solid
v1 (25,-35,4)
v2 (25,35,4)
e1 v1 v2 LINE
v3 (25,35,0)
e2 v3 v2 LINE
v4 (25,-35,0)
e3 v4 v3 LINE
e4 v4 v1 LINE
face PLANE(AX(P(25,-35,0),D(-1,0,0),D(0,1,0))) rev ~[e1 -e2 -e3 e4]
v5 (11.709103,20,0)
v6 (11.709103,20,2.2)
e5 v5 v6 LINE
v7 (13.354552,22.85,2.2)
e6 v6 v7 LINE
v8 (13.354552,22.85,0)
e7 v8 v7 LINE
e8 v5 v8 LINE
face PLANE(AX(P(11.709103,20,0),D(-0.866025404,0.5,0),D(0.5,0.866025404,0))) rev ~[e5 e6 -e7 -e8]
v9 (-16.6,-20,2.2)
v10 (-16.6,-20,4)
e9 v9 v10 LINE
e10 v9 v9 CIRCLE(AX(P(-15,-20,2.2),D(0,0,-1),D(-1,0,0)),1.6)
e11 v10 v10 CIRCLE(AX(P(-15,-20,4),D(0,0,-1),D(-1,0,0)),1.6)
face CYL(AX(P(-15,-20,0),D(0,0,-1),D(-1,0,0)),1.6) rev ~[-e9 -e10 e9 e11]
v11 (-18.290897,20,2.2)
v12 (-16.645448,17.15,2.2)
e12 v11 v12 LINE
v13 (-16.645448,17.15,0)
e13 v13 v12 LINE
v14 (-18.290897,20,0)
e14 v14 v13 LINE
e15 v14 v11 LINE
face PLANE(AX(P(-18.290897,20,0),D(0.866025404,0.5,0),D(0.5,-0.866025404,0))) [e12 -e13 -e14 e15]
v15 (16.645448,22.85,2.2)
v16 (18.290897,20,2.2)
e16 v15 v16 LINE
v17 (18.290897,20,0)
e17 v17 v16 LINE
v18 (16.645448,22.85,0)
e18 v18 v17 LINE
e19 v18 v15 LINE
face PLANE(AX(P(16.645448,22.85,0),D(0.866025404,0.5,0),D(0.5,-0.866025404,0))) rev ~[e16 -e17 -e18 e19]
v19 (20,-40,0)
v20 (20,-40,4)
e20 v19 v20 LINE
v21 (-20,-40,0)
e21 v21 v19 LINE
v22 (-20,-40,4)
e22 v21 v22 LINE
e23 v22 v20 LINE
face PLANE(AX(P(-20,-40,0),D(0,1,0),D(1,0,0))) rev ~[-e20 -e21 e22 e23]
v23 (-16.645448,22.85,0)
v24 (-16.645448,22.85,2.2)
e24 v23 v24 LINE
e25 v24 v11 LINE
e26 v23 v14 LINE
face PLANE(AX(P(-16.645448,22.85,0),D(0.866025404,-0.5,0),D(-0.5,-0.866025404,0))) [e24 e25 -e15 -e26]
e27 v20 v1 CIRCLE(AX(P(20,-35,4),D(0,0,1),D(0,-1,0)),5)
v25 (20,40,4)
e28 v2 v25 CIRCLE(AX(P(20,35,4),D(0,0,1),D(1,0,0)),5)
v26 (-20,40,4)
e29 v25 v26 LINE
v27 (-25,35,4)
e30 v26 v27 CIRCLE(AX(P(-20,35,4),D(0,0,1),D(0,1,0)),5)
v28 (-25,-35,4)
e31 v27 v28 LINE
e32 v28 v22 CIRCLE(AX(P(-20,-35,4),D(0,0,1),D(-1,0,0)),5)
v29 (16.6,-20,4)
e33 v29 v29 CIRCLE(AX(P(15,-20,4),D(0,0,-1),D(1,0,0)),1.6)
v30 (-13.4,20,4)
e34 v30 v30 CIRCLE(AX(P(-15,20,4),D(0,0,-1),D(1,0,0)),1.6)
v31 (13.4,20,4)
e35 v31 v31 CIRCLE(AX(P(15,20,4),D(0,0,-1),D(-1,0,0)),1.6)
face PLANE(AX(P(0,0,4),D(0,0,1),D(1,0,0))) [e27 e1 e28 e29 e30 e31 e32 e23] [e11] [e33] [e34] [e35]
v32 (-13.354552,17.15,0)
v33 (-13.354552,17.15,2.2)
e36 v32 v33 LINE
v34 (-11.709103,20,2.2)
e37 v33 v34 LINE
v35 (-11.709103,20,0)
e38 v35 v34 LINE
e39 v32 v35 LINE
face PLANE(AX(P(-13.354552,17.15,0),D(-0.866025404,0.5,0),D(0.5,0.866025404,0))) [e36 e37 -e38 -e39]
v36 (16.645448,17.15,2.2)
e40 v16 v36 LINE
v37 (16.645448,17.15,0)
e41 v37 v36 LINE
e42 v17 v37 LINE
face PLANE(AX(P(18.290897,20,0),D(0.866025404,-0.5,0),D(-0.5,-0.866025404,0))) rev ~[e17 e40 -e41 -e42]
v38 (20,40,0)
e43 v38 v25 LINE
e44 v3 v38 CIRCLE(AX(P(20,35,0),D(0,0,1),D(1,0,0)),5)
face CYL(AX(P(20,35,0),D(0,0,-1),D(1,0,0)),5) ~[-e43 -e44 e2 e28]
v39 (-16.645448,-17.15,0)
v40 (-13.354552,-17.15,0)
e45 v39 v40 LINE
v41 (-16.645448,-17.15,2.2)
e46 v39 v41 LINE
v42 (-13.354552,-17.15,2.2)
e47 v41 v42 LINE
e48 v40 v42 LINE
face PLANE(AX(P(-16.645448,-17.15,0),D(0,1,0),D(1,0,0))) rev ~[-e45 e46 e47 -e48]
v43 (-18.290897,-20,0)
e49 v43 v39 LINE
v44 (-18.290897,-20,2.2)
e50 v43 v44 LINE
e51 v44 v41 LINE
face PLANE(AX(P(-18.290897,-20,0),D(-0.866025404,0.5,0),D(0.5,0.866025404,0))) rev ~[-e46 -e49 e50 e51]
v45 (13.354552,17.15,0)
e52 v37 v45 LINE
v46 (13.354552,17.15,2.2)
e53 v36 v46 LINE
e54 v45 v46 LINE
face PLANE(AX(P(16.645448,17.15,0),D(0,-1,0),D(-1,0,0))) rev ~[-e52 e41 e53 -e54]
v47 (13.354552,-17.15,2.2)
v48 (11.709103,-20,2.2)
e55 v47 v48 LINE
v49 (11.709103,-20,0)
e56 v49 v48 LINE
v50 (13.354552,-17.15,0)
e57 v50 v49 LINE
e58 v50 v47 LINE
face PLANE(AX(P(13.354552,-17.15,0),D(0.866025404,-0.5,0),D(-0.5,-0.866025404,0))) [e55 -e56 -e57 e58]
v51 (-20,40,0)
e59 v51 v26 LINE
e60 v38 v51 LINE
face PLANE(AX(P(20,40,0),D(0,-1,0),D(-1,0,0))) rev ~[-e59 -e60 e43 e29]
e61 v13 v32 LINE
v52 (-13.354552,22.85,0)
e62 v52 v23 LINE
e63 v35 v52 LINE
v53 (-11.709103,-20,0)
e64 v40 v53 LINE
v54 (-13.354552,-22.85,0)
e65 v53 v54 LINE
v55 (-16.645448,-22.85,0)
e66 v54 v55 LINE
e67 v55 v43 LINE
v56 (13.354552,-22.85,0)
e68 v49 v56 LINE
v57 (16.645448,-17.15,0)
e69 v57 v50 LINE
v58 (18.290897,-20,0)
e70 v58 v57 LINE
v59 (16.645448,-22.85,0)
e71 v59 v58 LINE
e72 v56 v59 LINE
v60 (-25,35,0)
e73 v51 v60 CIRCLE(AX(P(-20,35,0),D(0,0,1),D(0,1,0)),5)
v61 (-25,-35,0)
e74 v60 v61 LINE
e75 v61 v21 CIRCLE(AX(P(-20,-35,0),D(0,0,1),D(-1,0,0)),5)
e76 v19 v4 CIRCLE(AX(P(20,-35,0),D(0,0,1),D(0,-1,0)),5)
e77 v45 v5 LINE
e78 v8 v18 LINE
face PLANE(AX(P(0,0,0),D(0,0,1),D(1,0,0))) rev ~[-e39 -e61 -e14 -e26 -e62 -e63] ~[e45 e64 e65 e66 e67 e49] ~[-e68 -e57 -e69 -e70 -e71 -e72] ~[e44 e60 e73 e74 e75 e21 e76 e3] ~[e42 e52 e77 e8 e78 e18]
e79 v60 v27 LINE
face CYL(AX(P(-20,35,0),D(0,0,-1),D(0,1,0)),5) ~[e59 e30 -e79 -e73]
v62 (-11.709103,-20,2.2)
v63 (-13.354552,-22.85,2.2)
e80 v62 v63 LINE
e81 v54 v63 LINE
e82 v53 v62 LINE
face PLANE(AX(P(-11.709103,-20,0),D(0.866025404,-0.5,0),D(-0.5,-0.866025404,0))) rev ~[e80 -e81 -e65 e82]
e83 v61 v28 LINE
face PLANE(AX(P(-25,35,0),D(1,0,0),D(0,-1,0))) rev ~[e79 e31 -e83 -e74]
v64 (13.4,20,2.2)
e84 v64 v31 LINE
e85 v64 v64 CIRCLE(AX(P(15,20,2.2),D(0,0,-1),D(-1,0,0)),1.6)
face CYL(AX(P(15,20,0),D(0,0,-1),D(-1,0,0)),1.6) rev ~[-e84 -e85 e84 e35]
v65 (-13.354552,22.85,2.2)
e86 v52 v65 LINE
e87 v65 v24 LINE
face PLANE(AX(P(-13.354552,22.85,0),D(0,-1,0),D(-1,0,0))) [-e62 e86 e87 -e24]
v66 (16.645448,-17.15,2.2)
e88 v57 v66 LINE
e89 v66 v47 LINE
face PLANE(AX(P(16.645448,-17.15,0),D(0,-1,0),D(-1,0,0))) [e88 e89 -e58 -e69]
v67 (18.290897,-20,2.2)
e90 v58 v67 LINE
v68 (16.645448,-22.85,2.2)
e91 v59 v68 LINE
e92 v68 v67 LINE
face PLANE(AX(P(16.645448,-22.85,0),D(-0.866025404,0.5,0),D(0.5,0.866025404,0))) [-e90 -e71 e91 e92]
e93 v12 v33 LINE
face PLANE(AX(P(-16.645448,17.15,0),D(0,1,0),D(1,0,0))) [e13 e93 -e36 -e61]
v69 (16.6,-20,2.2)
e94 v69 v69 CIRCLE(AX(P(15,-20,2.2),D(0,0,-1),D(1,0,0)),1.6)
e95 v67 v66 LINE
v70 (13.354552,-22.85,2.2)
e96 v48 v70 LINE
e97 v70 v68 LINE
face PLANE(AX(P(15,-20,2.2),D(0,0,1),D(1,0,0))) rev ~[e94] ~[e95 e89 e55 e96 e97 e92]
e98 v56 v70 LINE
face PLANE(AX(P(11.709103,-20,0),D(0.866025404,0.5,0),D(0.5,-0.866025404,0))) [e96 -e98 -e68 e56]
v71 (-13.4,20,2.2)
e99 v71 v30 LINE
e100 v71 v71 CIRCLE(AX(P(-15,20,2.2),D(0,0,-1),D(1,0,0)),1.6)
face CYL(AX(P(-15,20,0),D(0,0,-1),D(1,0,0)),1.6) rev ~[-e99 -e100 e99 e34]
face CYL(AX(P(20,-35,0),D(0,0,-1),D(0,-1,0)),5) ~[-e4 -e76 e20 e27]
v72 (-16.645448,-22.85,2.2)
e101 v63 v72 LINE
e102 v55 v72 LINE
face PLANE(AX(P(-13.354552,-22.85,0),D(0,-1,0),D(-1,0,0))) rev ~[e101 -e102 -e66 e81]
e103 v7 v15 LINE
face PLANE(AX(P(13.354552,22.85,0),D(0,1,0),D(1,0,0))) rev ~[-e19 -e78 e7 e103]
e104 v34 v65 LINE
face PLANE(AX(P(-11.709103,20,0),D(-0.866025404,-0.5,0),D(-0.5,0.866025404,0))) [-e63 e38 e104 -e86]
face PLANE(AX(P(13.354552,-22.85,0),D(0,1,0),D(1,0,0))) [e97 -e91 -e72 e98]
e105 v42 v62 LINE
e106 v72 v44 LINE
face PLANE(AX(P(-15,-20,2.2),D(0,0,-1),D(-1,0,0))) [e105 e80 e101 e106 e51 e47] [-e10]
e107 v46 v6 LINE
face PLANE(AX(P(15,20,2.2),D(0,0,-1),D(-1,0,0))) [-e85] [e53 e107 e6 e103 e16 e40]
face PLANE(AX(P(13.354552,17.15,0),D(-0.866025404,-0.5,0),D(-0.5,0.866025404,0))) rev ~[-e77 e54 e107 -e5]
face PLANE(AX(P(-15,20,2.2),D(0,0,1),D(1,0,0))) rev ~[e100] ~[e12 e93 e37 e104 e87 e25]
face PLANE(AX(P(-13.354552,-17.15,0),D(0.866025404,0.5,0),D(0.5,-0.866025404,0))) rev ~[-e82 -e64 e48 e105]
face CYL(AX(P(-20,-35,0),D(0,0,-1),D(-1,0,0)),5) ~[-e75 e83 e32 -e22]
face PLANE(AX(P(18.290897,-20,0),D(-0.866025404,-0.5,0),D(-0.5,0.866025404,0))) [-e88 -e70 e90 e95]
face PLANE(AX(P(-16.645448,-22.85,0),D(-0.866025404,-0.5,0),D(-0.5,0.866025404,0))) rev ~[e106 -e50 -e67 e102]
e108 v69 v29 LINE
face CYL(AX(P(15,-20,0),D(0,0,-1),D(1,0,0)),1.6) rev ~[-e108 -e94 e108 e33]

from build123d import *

# Parameters (mm, degrees)
DODANIE_WYCI_GNI_CIE1_DEPTH = 4
WYTNIJ_WYCI_GNI_CIE1_REACH  = 49.339
SZKIC2_R                    = 1.6
SZKIC3_R                    = 1.6
WYTNIJ_WYCI_GNI_CIE2_DEPTH  = 2.2


with BuildPart() as part:
    # Szkic1 → Dodanie-wyciągnięcie1 (new body)
    with BuildSketch(Plane.XY):
        with BuildLine():
            Line((-20, -40), (20, -40))
            ThreePointArc((20, -40), (23.535533906, -38.535533906), (25, -35))
            Line((25, -35), (25, 35))
            ThreePointArc((25, 35), (23.535533906, 38.535533906), (20, 40))
            Line((20, 40), (-20, 40))
            ThreePointArc((-20, 40), (-23.535533906, 38.535533906), (-25, 35))
            Line((-25, 35), (-25, -35))
            ThreePointArc((-25, -35), (-23.535533906, -38.535533906), (-20, -40))
        make_face()
    extrude(amount=DODANIE_WYCI_GNI_CIE1_DEPTH)

    # Szkic2 → Wytnij-wyciągnięcie1 (cut, up to next)
    with BuildSketch(Plane(origin=(0, 0, 0), x_dir=(-1, 0, 0), z_dir=(0, 0, -1)), mode=Mode.PRIVATE) as wytnij_wyci_gni_cie1_sk1:
        with Locations((-15, 20)):
            Circle(SZKIC2_R)
    wytnij_wyci_gni_cie1_tool1 = extrude(wytnij_wyci_gni_cie1_sk1.sketch, amount=-WYTNIJ_WYCI_GNI_CIE1_REACH, mode=Mode.PRIVATE) & part.part
    # Szkic2 → Wytnij-wyciągnięcie1 (cut, up to next)
    with BuildSketch(Plane(origin=(0, 0, 0), x_dir=(-1, 0, 0), z_dir=(0, 0, -1)), mode=Mode.PRIVATE) as wytnij_wyci_gni_cie1_sk2:
        with Locations(Location((15, 20, 0), (0, 0, 180))):
            Circle(SZKIC2_R)
    wytnij_wyci_gni_cie1_tool2 = extrude(wytnij_wyci_gni_cie1_sk2.sketch, amount=-WYTNIJ_WYCI_GNI_CIE1_REACH, mode=Mode.PRIVATE) & part.part
    # Szkic2 → Wytnij-wyciągnięcie1 (cut, up to next)
    with BuildSketch(Plane(origin=(0, 0, 0), x_dir=(-1, 0, 0), z_dir=(0, 0, -1)), mode=Mode.PRIVATE) as wytnij_wyci_gni_cie1_sk3:
        with Locations((15, -20)):
            Circle(SZKIC2_R)
    wytnij_wyci_gni_cie1_tool3 = extrude(wytnij_wyci_gni_cie1_sk3.sketch, amount=-WYTNIJ_WYCI_GNI_CIE1_REACH, mode=Mode.PRIVATE) & part.part
    # Szkic2 → Wytnij-wyciągnięcie1 (cut, up to next)
    with BuildSketch(Plane(origin=(0, 0, 0), x_dir=(-1, 0, 0), z_dir=(0, 0, -1)), mode=Mode.PRIVATE) as wytnij_wyci_gni_cie1_sk4:
        with Locations(Location((-15, -20, 0), (0, 0, 180))):
            Circle(SZKIC2_R)
    wytnij_wyci_gni_cie1_tool4 = extrude(wytnij_wyci_gni_cie1_sk4.sketch, amount=-WYTNIJ_WYCI_GNI_CIE1_REACH, mode=Mode.PRIVATE) & part.part
    add(wytnij_wyci_gni_cie1_tool1.solids().sort_by_distance((15, 20, 0))[0], mode=Mode.SUBTRACT)
    add(wytnij_wyci_gni_cie1_tool2.solids().sort_by_distance((-15, 20, 0))[0], mode=Mode.SUBTRACT)
    add(wytnij_wyci_gni_cie1_tool3.solids().sort_by_distance((-15, -20, 0))[0], mode=Mode.SUBTRACT)
    add(wytnij_wyci_gni_cie1_tool4.solids().sort_by_distance((15, -20, 0))[0], mode=Mode.SUBTRACT)

    # Szkic3 → Wytnij-wyciągnięcie2 (cut)
    # profile 1 of 4: a face of its own
    with BuildSketch(Plane(origin=(0, 0, 0), x_dir=(-1, 0, 0), z_dir=(0, 0, -1))):
        Polygon((-11.709103466, 20), (-13.354551733, 22.85), (-16.645448267, 22.85), (-18.290896534, 20), (-16.645448267, 17.15), (-13.354551733, 17.15), align=None)
        with Locations((-15, 20)):
            Circle(SZKIC3_R, mode=Mode.SUBTRACT)
    # profile 2 of 4: a face of its own
    with BuildSketch(Plane(origin=(0, 0, 0), x_dir=(-1, 0, 0), z_dir=(0, 0, -1))):
        Polygon((13.354551733, 17.15), (11.709103466, 20), (13.354551733, 22.85), (16.645448267, 22.85), (18.290896534, 20), (16.645448267, 17.15), align=None)
        with Locations(Location((15, 20, 0), (0, 0, 180))):
            Circle(SZKIC3_R, mode=Mode.SUBTRACT)
    # profile 3 of 4: a face of its own
    with BuildSketch(Plane(origin=(0, 0, 0), x_dir=(-1, 0, 0), z_dir=(0, 0, -1))):
        Polygon((11.709103466, -20), (13.354551733, -22.85), (16.645448267, -22.85), (18.290896534, -20), (16.645448267, -17.15), (13.354551733, -17.15), align=None)
        with Locations((15, -20)):
            Circle(SZKIC3_R, mode=Mode.SUBTRACT)
    # profile 4 of 4: a face of its own
    with BuildSketch(Plane(origin=(0, 0, 0), x_dir=(-1, 0, 0), z_dir=(0, 0, -1))):
        Polygon((-13.354551733, -17.15), (-11.709103466, -20), (-13.354551733, -22.85), (-16.645448267, -22.85), (-18.290896534, -20), (-16.645448267, -17.15), align=None)
        with Locations(Location((-15, -20, 0), (0, 0, 180))):
            Circle(SZKIC3_R, mode=Mode.SUBTRACT)
    extrude(amount=-WYTNIJ_WYCI_GNI_CIE2_DEPTH, mode=Mode.SUBTRACT)


solid = part.part
